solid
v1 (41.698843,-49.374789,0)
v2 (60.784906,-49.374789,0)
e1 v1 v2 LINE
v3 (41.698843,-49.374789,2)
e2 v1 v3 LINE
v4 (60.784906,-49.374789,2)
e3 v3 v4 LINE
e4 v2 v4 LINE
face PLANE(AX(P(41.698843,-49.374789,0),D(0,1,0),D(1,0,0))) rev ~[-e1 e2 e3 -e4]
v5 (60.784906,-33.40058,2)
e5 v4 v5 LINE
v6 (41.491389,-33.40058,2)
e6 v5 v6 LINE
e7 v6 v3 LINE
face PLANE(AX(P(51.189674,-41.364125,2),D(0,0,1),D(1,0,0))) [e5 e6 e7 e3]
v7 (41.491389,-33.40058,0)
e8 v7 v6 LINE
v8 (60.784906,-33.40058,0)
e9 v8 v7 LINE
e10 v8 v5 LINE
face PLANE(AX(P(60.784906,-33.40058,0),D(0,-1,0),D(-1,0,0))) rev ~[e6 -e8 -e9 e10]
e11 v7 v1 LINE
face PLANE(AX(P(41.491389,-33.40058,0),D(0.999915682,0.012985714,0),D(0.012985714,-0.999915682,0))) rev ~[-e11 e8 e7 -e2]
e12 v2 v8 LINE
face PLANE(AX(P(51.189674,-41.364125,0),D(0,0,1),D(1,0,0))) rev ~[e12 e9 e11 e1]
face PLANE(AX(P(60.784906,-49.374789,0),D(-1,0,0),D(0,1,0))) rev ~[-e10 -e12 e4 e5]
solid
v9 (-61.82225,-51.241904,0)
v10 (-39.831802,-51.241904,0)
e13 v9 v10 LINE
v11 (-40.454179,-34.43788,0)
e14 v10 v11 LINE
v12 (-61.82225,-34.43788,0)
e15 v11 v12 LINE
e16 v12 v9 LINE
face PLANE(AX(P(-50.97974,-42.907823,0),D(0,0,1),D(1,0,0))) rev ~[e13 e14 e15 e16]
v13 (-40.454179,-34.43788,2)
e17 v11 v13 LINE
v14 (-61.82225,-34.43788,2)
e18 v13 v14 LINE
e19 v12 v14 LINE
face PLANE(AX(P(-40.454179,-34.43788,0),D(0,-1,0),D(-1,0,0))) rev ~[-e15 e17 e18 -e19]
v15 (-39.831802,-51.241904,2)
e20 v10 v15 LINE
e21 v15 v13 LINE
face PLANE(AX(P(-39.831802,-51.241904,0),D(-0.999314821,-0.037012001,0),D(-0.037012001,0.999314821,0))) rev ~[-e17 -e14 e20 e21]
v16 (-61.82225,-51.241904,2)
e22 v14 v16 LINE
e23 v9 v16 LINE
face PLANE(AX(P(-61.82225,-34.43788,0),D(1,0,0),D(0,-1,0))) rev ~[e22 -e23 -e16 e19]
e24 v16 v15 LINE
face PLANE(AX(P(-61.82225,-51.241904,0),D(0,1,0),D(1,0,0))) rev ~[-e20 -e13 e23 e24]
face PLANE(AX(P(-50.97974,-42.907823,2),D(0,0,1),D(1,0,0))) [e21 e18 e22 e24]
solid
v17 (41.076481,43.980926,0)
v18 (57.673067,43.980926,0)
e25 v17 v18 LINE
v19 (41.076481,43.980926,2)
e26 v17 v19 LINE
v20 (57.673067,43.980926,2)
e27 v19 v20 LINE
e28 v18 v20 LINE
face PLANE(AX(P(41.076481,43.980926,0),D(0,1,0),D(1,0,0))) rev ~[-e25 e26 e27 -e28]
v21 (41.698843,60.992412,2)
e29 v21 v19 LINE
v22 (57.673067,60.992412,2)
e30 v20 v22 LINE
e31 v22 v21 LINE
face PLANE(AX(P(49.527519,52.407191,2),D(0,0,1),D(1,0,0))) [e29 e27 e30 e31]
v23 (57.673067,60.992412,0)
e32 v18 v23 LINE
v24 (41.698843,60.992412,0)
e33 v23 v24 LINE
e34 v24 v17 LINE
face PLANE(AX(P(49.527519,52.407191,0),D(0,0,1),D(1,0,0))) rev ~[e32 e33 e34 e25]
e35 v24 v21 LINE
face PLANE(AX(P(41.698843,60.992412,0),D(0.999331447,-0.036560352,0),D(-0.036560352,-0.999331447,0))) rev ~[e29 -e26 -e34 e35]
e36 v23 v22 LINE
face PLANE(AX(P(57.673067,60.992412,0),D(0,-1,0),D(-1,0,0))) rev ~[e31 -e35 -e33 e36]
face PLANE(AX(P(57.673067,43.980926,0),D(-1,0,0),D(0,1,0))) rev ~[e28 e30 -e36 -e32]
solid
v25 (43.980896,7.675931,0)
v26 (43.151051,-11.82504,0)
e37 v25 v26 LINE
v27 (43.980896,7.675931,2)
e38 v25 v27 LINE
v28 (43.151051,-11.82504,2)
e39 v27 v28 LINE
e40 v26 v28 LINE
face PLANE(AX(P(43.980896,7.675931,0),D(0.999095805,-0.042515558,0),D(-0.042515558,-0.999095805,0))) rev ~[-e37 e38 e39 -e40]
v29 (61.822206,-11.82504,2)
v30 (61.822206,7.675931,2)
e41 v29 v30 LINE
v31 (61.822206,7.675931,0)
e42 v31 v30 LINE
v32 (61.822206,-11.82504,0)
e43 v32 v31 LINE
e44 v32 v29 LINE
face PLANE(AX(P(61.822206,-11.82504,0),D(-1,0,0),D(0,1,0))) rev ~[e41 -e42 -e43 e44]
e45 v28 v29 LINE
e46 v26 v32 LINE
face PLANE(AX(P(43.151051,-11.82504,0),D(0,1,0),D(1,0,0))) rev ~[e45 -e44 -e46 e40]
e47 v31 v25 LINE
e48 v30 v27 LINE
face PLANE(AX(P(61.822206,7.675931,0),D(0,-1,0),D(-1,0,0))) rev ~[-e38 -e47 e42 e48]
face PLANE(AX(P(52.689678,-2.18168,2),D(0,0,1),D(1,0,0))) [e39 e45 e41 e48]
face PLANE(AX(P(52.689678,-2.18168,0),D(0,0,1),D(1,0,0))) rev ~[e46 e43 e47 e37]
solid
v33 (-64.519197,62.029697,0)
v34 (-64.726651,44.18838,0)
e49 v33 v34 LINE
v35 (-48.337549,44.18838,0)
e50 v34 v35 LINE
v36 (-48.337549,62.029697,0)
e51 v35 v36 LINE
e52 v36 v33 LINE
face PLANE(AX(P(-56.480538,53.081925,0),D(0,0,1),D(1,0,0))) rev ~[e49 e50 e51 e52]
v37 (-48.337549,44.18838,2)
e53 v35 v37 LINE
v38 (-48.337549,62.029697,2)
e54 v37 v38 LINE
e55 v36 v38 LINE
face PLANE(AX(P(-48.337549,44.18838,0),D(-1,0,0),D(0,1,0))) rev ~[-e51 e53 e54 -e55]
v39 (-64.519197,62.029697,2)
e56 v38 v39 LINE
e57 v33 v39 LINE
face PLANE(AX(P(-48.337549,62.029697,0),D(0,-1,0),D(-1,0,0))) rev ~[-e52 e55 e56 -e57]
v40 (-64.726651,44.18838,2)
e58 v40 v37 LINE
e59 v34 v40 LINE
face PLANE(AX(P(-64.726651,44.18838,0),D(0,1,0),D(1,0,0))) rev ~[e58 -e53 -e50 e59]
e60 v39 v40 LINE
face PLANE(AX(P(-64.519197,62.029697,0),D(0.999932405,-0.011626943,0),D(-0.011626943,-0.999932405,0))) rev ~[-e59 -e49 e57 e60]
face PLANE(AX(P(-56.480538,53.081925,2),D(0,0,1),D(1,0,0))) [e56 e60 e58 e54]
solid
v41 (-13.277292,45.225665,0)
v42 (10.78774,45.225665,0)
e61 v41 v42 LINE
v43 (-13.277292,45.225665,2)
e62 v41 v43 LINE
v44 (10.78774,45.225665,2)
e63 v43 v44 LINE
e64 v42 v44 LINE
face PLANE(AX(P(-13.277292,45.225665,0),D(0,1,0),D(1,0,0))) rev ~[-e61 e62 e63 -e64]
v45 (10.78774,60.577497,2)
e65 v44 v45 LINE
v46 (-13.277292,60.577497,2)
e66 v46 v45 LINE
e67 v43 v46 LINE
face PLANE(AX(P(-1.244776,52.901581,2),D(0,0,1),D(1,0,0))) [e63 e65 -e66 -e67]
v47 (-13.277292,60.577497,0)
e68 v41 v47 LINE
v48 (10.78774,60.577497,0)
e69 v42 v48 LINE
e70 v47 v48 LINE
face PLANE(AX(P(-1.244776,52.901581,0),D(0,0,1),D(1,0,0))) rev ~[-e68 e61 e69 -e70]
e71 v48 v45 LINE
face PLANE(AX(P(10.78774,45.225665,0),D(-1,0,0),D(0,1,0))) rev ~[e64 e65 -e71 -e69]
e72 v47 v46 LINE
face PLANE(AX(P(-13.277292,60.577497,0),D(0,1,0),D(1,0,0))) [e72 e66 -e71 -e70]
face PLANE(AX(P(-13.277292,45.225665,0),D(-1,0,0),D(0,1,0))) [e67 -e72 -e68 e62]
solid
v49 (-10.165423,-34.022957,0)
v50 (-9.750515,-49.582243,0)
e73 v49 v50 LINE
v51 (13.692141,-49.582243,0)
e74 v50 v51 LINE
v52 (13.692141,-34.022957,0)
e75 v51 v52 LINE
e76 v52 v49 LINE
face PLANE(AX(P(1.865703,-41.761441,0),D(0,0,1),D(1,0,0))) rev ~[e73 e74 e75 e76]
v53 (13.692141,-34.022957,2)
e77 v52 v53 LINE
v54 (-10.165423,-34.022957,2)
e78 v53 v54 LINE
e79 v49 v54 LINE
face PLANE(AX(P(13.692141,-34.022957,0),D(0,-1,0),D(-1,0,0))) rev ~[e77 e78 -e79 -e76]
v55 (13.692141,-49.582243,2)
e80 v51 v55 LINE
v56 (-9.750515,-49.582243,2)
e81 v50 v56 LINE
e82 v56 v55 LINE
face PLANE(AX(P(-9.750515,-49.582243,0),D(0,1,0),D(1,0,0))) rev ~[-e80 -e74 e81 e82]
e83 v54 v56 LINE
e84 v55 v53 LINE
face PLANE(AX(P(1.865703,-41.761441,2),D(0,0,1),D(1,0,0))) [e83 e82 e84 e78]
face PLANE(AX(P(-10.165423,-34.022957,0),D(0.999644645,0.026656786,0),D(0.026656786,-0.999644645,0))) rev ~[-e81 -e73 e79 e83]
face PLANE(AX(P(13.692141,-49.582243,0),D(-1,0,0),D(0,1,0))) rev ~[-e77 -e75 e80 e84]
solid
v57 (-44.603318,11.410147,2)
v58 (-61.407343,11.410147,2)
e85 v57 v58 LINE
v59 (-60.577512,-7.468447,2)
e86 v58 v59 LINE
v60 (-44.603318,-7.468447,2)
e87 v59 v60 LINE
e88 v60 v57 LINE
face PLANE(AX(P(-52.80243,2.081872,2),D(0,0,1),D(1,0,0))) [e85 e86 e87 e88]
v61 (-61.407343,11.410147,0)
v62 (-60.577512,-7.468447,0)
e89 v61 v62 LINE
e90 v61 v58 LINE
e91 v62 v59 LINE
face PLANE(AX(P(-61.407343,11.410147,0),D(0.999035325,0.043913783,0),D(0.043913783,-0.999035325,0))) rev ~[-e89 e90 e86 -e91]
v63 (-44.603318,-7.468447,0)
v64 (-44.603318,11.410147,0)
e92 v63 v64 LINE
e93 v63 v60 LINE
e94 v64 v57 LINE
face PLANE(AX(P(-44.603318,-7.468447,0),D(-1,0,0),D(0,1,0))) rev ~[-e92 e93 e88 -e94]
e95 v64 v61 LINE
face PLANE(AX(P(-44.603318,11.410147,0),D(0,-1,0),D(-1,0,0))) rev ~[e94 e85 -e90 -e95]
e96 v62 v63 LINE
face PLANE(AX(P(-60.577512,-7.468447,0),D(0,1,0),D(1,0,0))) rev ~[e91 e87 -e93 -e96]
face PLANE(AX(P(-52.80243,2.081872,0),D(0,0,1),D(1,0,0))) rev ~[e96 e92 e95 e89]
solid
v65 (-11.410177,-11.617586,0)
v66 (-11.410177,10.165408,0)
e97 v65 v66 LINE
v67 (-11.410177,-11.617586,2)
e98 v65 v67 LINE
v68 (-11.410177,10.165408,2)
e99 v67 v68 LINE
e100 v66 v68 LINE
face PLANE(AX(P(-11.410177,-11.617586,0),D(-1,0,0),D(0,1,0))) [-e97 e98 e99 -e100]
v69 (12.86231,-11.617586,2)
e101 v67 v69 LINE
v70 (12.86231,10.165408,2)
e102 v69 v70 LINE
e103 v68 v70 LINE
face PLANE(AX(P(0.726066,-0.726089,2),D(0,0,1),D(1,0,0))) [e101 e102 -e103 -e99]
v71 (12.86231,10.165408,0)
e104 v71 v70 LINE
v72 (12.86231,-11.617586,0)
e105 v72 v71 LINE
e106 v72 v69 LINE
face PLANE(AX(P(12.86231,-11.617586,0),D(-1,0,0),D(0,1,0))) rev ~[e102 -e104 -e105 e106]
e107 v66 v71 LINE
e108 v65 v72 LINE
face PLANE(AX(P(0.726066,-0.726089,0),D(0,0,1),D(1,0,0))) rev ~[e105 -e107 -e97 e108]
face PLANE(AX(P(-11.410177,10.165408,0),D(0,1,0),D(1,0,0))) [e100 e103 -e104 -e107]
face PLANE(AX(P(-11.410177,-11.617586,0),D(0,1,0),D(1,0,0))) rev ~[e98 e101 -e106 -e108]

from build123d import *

# Parameters (mm, degrees)
F0_W     = 24.272487
F0_H     = 21.782994
F0_W_2   = 24.065032
F0_H_2   = 15.351832
F1_DEPTH = 2


with BuildPart() as f1:
    # F0 (on Top) → F1 (new body)
    with BuildSketch(Plane.XY):
        Polygon((61.822206, 7.675931), (43.980896, 7.675931), (43.151051, -11.82504), (61.822206, -11.82504), align=None)
        with Locations((0.726066, -0.726089)):
            Rectangle(F0_W, F0_H)
        Polygon((-39.831802, -51.241904), (-40.454179, -34.43788), (-61.82225, -34.43788), (-61.82225, -51.241904), align=None)
        with Locations((-1.244776, 52.901581)):
            Rectangle(F0_W_2, F0_H_2)
        Polygon((13.692141, -34.022957), (-10.165423, -34.022957), (-9.750515, -49.582243), (13.692141, -49.582243), align=None)
        Polygon((-48.337549, 62.029697), (-64.519197, 62.029697), (-64.726651, 44.18838), (-48.337549, 44.18838), align=None)
        Polygon((57.673067, 60.992412), (41.698843, 60.992412), (41.076481, 43.980926), (57.673067, 43.980926), align=None)
        Polygon((-44.603318, 11.410147), (-61.407343, 11.410147), (-60.577512, -7.468447), (-44.603318, -7.468447), align=None)
        Polygon((60.784906, -33.40058), (41.491389, -33.40058), (41.698843, -49.374789), (60.784906, -49.374789), align=None)
    extrude(amount=F1_DEPTH)


solid = f1.part
